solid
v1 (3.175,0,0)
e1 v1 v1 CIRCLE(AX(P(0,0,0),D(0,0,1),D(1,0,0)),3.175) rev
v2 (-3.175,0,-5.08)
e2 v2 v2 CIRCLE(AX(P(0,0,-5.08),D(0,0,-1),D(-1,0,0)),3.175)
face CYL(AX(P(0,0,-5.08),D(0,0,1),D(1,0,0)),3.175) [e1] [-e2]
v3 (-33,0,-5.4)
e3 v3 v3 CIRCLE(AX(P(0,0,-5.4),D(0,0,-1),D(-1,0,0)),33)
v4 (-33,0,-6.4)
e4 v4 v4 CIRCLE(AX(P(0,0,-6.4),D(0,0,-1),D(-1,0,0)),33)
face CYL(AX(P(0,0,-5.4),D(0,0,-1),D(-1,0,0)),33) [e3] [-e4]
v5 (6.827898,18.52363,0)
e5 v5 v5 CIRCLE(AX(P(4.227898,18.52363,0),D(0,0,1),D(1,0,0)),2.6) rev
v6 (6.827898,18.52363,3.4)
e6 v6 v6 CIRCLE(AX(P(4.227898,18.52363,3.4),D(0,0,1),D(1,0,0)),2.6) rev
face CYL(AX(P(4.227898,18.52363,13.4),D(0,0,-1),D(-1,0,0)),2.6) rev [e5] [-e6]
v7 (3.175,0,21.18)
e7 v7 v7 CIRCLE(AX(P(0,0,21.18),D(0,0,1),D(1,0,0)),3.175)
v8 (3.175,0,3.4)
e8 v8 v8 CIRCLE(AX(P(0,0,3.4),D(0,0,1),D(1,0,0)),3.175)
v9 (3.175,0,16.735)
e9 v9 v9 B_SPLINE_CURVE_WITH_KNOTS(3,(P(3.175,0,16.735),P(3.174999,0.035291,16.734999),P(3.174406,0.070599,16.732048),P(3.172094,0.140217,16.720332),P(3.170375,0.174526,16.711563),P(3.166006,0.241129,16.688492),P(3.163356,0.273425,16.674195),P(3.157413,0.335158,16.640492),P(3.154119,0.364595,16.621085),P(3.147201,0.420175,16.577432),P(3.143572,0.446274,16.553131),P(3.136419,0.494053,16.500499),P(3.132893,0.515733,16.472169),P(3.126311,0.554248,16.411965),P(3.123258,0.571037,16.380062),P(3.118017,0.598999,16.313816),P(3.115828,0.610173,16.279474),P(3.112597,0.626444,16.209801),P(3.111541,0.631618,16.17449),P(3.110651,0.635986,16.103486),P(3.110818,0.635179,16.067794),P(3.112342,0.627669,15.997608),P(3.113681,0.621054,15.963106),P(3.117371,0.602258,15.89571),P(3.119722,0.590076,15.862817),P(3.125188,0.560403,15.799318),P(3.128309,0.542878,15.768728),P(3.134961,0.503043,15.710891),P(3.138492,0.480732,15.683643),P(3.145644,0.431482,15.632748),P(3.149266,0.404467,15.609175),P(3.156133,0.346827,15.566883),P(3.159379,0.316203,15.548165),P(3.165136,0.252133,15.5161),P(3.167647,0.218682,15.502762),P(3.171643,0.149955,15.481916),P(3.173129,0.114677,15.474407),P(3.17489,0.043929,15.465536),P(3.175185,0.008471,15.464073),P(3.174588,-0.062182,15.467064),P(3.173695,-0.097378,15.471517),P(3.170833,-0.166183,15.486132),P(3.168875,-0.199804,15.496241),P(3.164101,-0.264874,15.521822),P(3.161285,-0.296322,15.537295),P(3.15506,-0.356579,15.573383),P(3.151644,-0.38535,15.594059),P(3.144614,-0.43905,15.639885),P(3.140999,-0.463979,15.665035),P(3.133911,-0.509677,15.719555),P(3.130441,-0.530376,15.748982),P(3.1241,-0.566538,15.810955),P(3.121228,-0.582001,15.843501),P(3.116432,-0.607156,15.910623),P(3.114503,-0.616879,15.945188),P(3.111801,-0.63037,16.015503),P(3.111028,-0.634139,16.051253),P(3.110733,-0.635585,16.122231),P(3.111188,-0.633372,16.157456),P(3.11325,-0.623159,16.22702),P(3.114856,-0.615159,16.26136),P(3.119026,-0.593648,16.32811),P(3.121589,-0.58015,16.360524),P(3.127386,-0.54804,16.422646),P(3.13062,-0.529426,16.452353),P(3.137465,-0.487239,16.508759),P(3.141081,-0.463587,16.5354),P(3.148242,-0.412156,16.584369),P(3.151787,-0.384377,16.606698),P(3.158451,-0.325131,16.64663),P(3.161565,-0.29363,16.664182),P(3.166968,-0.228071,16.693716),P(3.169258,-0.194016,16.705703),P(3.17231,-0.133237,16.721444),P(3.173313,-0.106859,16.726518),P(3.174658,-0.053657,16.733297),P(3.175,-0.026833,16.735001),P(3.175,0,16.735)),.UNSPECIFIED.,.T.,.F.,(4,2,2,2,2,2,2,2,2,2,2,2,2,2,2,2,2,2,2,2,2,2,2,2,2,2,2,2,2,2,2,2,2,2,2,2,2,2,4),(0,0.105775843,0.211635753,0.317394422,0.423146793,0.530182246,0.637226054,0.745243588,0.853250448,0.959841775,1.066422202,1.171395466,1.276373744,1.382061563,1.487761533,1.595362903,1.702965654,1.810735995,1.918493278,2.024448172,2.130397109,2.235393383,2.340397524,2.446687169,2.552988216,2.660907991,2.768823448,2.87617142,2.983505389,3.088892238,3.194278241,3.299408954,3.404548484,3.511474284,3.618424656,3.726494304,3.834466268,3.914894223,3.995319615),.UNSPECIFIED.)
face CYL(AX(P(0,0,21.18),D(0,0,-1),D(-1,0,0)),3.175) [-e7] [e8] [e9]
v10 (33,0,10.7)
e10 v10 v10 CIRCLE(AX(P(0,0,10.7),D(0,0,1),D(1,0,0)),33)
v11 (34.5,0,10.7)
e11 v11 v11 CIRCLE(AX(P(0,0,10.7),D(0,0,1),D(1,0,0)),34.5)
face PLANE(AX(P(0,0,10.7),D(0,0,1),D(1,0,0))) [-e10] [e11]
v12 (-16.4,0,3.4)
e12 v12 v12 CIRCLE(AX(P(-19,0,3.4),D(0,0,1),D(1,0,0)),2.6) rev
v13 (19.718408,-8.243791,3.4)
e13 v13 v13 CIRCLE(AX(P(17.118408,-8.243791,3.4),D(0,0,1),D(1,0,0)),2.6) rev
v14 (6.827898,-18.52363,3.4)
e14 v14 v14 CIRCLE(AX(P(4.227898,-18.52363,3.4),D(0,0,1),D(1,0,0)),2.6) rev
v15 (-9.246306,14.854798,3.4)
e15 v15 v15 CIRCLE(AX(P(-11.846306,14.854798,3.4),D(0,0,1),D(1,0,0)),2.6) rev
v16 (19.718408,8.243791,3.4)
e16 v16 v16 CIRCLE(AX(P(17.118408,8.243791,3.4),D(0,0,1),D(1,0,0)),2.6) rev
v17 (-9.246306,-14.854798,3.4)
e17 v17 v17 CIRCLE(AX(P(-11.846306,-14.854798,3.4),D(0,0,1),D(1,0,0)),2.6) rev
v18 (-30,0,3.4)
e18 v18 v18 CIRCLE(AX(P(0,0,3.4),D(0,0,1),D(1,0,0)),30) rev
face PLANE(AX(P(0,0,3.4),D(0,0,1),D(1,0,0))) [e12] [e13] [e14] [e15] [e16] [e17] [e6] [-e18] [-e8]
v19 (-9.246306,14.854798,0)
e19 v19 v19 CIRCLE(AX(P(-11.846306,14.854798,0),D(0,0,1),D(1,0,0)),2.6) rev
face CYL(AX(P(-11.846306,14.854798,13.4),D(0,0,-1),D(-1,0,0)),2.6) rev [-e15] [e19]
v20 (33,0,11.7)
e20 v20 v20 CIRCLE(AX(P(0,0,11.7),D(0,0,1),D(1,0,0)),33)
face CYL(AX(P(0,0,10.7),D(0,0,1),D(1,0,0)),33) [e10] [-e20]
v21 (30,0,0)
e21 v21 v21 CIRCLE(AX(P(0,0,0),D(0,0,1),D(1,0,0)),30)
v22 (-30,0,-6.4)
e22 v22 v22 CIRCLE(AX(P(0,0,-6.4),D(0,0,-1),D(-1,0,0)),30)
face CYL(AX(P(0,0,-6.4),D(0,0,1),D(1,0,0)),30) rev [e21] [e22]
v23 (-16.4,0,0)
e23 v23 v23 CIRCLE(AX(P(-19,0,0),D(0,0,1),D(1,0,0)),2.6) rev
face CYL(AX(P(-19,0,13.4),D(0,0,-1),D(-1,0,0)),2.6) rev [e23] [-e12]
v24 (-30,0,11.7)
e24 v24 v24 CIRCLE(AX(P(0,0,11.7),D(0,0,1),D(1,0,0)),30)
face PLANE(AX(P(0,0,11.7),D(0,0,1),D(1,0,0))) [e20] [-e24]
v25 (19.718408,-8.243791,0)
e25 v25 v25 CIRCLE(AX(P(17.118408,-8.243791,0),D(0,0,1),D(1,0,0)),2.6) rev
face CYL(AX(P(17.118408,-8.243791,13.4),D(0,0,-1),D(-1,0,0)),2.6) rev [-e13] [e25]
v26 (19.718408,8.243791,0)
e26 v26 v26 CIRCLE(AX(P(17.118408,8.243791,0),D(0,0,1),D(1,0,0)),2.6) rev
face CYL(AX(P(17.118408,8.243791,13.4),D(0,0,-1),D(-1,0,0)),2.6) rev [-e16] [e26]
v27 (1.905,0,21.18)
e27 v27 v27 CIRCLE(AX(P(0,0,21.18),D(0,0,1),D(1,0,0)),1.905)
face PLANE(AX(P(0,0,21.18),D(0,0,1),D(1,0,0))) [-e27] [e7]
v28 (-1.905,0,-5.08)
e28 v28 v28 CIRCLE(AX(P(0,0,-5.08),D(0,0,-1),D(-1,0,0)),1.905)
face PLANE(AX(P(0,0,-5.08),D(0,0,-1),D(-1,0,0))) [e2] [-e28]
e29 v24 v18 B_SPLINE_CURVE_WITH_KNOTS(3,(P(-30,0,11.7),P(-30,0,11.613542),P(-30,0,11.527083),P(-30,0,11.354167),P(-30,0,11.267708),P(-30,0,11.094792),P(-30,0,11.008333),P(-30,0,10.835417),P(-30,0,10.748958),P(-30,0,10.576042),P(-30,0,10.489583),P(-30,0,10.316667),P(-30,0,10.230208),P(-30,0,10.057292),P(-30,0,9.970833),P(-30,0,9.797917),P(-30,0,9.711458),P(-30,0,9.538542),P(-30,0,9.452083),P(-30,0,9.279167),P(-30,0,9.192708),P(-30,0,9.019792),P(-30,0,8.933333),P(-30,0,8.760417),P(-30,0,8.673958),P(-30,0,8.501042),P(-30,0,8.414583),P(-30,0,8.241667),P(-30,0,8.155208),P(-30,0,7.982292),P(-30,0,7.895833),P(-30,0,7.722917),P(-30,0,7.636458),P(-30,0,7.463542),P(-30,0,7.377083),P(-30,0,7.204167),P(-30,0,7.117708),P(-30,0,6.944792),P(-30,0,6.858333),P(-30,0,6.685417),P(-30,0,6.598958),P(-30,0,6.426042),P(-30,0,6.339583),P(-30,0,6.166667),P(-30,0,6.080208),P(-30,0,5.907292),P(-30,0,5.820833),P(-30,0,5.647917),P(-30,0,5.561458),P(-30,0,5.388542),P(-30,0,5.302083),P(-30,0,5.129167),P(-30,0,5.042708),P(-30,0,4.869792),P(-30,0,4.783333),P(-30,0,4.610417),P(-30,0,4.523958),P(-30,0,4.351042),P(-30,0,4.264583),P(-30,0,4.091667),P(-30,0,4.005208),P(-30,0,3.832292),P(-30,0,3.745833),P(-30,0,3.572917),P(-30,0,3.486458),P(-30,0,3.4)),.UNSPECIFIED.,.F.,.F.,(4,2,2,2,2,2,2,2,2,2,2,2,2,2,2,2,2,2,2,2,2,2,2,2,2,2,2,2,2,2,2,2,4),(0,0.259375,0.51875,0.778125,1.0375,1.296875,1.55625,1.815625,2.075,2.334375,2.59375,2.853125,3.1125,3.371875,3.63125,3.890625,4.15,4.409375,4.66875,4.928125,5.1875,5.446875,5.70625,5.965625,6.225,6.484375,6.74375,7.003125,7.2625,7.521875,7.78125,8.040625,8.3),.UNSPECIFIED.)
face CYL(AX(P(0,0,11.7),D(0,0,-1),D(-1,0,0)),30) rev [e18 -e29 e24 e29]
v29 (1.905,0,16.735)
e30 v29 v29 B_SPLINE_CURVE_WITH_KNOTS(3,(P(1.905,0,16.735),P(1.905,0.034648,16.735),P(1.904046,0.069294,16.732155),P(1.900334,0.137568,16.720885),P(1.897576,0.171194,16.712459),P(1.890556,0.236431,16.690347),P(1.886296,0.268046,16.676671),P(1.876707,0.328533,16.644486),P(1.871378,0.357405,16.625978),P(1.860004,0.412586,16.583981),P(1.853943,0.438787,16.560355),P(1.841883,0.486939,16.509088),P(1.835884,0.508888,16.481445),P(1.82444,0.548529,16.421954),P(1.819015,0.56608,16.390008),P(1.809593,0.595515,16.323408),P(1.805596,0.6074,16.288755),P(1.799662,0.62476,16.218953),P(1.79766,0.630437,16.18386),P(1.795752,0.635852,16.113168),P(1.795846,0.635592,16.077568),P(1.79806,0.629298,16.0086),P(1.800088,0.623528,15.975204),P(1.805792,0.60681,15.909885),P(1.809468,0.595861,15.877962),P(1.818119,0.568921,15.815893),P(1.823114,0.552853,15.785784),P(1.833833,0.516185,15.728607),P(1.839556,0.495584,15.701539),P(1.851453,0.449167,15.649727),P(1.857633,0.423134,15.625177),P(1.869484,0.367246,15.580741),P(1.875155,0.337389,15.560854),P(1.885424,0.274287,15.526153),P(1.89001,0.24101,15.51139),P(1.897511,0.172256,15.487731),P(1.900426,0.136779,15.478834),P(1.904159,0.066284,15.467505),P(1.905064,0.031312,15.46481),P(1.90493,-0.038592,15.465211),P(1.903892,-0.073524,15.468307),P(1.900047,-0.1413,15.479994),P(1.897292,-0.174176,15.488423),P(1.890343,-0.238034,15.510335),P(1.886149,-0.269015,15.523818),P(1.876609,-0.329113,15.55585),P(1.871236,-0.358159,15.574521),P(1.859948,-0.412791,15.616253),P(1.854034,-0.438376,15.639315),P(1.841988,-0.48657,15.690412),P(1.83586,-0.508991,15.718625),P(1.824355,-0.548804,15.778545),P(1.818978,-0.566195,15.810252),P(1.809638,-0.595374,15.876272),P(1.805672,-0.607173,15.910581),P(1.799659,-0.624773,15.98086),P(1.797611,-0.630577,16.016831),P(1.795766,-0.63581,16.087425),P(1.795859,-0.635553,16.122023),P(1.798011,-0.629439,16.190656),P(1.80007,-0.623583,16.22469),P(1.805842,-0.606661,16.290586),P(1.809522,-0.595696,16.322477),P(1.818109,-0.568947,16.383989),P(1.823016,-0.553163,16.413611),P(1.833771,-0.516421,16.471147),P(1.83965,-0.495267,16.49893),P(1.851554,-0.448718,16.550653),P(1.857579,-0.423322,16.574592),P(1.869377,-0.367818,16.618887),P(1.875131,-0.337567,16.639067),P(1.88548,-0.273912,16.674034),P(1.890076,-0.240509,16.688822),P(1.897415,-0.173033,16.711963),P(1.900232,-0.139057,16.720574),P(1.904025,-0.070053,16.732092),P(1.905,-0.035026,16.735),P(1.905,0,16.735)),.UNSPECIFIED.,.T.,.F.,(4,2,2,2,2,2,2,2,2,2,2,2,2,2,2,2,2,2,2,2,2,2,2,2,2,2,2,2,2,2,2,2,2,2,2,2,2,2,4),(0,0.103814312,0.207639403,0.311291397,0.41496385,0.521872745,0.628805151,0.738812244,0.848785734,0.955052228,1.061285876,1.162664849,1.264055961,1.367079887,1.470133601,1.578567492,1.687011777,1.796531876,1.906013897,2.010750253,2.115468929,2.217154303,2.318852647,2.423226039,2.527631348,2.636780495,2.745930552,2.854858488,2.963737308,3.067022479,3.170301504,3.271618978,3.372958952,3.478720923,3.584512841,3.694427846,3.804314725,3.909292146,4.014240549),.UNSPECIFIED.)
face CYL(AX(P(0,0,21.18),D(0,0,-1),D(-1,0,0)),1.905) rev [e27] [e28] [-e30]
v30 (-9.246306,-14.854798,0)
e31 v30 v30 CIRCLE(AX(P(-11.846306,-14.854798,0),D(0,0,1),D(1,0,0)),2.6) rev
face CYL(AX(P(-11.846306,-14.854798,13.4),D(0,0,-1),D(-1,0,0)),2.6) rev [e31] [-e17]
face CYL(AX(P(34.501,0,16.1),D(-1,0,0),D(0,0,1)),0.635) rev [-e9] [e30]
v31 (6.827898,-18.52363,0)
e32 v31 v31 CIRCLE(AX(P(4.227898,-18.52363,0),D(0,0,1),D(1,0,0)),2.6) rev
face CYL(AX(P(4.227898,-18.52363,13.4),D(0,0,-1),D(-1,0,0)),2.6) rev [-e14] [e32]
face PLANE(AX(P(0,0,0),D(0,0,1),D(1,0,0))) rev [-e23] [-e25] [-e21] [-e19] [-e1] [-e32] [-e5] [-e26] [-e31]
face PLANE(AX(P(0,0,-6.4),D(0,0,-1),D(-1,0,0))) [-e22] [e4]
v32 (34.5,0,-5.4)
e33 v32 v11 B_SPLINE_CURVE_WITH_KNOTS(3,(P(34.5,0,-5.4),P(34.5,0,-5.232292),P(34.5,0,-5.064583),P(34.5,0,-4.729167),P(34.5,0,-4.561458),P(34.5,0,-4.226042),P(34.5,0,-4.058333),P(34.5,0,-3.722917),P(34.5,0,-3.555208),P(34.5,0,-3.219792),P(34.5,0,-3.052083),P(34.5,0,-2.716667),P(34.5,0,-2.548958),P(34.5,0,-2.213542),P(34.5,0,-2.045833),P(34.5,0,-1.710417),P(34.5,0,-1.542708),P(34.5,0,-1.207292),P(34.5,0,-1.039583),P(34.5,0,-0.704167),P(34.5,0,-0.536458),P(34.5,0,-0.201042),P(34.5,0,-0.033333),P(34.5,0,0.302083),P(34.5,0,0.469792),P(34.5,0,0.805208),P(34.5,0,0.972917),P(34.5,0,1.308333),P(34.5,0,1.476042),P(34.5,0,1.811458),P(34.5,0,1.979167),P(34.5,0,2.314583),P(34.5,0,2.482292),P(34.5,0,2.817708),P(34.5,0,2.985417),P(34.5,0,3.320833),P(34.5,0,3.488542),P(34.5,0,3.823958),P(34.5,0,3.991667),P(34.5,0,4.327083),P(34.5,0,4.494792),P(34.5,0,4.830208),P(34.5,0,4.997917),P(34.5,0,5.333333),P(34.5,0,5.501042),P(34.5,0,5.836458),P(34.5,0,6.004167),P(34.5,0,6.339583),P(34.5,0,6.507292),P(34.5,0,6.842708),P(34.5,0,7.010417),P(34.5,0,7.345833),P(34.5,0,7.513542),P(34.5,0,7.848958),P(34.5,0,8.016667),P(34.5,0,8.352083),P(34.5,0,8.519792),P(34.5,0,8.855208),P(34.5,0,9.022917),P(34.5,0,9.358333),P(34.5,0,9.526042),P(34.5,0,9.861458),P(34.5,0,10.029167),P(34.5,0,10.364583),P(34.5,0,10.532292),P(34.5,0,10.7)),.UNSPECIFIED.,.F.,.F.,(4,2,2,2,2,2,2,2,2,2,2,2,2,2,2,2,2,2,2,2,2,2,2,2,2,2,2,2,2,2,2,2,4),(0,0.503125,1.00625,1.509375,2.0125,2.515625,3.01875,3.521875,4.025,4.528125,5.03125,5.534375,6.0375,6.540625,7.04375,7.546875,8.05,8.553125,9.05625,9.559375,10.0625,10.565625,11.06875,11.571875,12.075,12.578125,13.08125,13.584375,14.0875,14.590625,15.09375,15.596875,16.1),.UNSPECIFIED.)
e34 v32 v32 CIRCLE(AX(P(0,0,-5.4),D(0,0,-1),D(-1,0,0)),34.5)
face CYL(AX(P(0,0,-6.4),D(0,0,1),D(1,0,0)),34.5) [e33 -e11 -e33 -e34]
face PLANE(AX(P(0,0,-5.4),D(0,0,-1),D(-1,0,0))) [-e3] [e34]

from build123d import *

# Parameters (mm, degrees)
SKETCH1_R               = 30
EXTRUDE1_DEPTH          = 3.4
SKETCH2_R               = 33.4
SKETCH2_R_2             = 30
EXTRUDE2_DEPTH          = 8.3
EXTRUDE3_START          = 9.8
SKETCH3_R               = 33.4
SKETCH3_R_2             = 30
EXTRUDE3_DEPTH          = 9.8
EXTRUDE4_START          = -18.1
SKETCH4_R               = 34.5
SKETCH4_R_2             = 33.4
EXTRUDE4_DEPTH          = 18.1
SKETCH6_R               = 34.5
SKETCH6_R_2             = 33
EXTRUDE5_DEPTH          = 1
EXTRUDE6_START          = -1
SKETCH8_R               = 34.5
SKETCH8_R_2             = 33
EXTRUDE6_DEPTH          = 1
SKETCH9_R               = 3.175
EXTRUDE7_DEPTH          = 5.08
EXTRUDE8_START          = 17.78
SKETCH10_R              = 3.175
SKETCH10_R_2            = 1.905
EXTRUDE8_DEPTH          = 17.78
SKETCH13_R              = 2.6
EXTRUDE11_DEPTH         = 10
CIRPATTERN1_COUNT       = 7
CUT_EXTRUDE1_REACH      = 55.189
CUT_EXTRUDE1_END_RADIUS = 3.175
SKETCH14_R              = 0.635
CUT_EXTRUDE2_REACH      = 57.408
SKETCH15_R              = 1.905


with BuildPart() as part:
    # Sketch1 → Extrude1 (new body)
    with BuildSketch(Plane.XY):
        Circle(SKETCH1_R)
    extrude(amount=EXTRUDE1_DEPTH)



with BuildPart() as body_2:
    # Sketch2 → Extrude2 (new body)
    with BuildSketch(Plane.XY.offset(3.4)):
        with Locations(Location((0, 0, 0), (0, 0, 180))):
            Circle(SKETCH2_R)
        Circle(SKETCH2_R_2, mode=Mode.SUBTRACT)
    extrude(amount=EXTRUDE2_DEPTH)


with BuildPart() as part_1:
    add(part.part)

    add(body_2.part)  # Extrude3 merges body 2
    # Sketch3 → Extrude3 (add)
    with BuildSketch(Plane(origin=(0, 0, 3.4), x_dir=(-1, 0, 0), z_dir=(0, 0, -1)).offset(EXTRUDE3_START)):
        with Locations(Location((0, 0, 0), (0, 0, 180))):
            Circle(SKETCH3_R)
        with Locations(Location((0, 0, 0), (0, 0, 180))):
            Circle(SKETCH3_R_2, mode=Mode.SUBTRACT)
    extrude(amount=-EXTRUDE3_DEPTH)

    # Sketch4 → Extrude4 (add)
    with BuildSketch(Plane.XY.offset(11.7).offset(EXTRUDE4_START)):
        Circle(SKETCH4_R)
        Circle(SKETCH4_R_2, mode=Mode.SUBTRACT)
    extrude(amount=EXTRUDE4_DEPTH)

    # Sketch6 → Extrude5 (cut)
    with BuildSketch(Plane(origin=(0, 0, -6.4), x_dir=(-1, 0, 0), z_dir=(0, 0, -1))):
        with Locations(Location((0, 0, 0), (0, 0, 180))):
            Circle(SKETCH6_R)
        Circle(SKETCH6_R_2, mode=Mode.SUBTRACT)
    extrude(amount=-EXTRUDE5_DEPTH, mode=Mode.SUBTRACT)

    # Sketch8 → Extrude6 (cut)
    with BuildSketch(Plane.XY.offset(11.7).offset(EXTRUDE6_START)):
        Circle(SKETCH8_R)
        with Locations(Location((0, 0, 0), (0, 0, 180))):
            Circle(SKETCH8_R_2, mode=Mode.SUBTRACT)
    extrude(amount=EXTRUDE6_DEPTH, mode=Mode.SUBTRACT)

    # Sketch9 → Extrude7 (add)
    with BuildSketch(Plane(origin=(0, 0, 0), x_dir=(-1, 0, 0), z_dir=(0, 0, -1))):
        with Locations(Location((0, 0, 0), (0, 0, 180))):
            Circle(SKETCH9_R)
    extrude(amount=EXTRUDE7_DEPTH)

    # Sketch10 → Extrude8 (add)
    with BuildSketch(Plane.XY.offset(3.4).offset(EXTRUDE8_START)):
        Circle(SKETCH10_R)
        with Locations(Location((0, 0, 0), (0, 0, 180))):
            Circle(SKETCH10_R_2, mode=Mode.SUBTRACT)
    extrude(amount=-EXTRUDE8_DEPTH)

    # Sketch13 → Extrude11 (cut, symmetric)
    with BuildSketch(Plane.XY.offset(3.4)):
        with Locations((-19, 0)):
            Circle(SKETCH13_R)
    extrude11 = extrude(amount=EXTRUDE11_DEPTH, both=True, mode=Mode.SUBTRACT)

    # CirPattern1: Extrude11 ×7 about axis
    cirpattern1_axis = Axis((0, 0, 0), (0, 0, 1))
    for i in range(1, CIRPATTERN1_COUNT):
        add(extrude11.rotate(cirpattern1_axis, i * 360 / CIRPATTERN1_COUNT), mode=Mode.SUBTRACT)

    # Cut-Extrude1: up to this cylinder (the profile starts inside it)
    cut_extrude1_end = Plane(origin=(0, 0, 16.1), z_dir=(0, 0, -1)) * Cylinder(CUT_EXTRUDE1_END_RADIUS, 117.728, mode=Mode.PRIVATE)
    # Sketch14 → Cut-Extrude1 (cut, up to the surface)
    with BuildSketch(Plane(origin=(0, 0, 0), x_dir=(0, 0, -1), z_dir=(1, 0, 0)), mode=Mode.PRIVATE) as cut_extrude1_sk1:
        with Locations(Location((-16.1, 0, 0), (0, 0, 180))):
            Circle(SKETCH14_R)
    cut_extrude1_tool1 = extrude(cut_extrude1_sk1.sketch, amount=CUT_EXTRUDE1_REACH, mode=Mode.PRIVATE) & cut_extrude1_end
    add(cut_extrude1_tool1.solids().sort_by_distance((0, 0, 16.1))[0], mode=Mode.SUBTRACT)

    # Sketch15 → Cut-Extrude2 (cut, up to next)
    with BuildSketch(Plane(origin=(0, 0, -5.08), x_dir=(-1, 0, 0), z_dir=(0, 0, -1)), mode=Mode.PRIVATE) as cut_extrude2_sk1:
        Circle(SKETCH15_R)
    cut_extrude2_tool1 = extrude(cut_extrude2_sk1.sketch, amount=-CUT_EXTRUDE2_REACH, mode=Mode.PRIVATE) & part_1.part
    add(cut_extrude2_tool1.solids().sort_by_distance((0, 0, -5.08))[0], mode=Mode.SUBTRACT)


solid = part_1.part
